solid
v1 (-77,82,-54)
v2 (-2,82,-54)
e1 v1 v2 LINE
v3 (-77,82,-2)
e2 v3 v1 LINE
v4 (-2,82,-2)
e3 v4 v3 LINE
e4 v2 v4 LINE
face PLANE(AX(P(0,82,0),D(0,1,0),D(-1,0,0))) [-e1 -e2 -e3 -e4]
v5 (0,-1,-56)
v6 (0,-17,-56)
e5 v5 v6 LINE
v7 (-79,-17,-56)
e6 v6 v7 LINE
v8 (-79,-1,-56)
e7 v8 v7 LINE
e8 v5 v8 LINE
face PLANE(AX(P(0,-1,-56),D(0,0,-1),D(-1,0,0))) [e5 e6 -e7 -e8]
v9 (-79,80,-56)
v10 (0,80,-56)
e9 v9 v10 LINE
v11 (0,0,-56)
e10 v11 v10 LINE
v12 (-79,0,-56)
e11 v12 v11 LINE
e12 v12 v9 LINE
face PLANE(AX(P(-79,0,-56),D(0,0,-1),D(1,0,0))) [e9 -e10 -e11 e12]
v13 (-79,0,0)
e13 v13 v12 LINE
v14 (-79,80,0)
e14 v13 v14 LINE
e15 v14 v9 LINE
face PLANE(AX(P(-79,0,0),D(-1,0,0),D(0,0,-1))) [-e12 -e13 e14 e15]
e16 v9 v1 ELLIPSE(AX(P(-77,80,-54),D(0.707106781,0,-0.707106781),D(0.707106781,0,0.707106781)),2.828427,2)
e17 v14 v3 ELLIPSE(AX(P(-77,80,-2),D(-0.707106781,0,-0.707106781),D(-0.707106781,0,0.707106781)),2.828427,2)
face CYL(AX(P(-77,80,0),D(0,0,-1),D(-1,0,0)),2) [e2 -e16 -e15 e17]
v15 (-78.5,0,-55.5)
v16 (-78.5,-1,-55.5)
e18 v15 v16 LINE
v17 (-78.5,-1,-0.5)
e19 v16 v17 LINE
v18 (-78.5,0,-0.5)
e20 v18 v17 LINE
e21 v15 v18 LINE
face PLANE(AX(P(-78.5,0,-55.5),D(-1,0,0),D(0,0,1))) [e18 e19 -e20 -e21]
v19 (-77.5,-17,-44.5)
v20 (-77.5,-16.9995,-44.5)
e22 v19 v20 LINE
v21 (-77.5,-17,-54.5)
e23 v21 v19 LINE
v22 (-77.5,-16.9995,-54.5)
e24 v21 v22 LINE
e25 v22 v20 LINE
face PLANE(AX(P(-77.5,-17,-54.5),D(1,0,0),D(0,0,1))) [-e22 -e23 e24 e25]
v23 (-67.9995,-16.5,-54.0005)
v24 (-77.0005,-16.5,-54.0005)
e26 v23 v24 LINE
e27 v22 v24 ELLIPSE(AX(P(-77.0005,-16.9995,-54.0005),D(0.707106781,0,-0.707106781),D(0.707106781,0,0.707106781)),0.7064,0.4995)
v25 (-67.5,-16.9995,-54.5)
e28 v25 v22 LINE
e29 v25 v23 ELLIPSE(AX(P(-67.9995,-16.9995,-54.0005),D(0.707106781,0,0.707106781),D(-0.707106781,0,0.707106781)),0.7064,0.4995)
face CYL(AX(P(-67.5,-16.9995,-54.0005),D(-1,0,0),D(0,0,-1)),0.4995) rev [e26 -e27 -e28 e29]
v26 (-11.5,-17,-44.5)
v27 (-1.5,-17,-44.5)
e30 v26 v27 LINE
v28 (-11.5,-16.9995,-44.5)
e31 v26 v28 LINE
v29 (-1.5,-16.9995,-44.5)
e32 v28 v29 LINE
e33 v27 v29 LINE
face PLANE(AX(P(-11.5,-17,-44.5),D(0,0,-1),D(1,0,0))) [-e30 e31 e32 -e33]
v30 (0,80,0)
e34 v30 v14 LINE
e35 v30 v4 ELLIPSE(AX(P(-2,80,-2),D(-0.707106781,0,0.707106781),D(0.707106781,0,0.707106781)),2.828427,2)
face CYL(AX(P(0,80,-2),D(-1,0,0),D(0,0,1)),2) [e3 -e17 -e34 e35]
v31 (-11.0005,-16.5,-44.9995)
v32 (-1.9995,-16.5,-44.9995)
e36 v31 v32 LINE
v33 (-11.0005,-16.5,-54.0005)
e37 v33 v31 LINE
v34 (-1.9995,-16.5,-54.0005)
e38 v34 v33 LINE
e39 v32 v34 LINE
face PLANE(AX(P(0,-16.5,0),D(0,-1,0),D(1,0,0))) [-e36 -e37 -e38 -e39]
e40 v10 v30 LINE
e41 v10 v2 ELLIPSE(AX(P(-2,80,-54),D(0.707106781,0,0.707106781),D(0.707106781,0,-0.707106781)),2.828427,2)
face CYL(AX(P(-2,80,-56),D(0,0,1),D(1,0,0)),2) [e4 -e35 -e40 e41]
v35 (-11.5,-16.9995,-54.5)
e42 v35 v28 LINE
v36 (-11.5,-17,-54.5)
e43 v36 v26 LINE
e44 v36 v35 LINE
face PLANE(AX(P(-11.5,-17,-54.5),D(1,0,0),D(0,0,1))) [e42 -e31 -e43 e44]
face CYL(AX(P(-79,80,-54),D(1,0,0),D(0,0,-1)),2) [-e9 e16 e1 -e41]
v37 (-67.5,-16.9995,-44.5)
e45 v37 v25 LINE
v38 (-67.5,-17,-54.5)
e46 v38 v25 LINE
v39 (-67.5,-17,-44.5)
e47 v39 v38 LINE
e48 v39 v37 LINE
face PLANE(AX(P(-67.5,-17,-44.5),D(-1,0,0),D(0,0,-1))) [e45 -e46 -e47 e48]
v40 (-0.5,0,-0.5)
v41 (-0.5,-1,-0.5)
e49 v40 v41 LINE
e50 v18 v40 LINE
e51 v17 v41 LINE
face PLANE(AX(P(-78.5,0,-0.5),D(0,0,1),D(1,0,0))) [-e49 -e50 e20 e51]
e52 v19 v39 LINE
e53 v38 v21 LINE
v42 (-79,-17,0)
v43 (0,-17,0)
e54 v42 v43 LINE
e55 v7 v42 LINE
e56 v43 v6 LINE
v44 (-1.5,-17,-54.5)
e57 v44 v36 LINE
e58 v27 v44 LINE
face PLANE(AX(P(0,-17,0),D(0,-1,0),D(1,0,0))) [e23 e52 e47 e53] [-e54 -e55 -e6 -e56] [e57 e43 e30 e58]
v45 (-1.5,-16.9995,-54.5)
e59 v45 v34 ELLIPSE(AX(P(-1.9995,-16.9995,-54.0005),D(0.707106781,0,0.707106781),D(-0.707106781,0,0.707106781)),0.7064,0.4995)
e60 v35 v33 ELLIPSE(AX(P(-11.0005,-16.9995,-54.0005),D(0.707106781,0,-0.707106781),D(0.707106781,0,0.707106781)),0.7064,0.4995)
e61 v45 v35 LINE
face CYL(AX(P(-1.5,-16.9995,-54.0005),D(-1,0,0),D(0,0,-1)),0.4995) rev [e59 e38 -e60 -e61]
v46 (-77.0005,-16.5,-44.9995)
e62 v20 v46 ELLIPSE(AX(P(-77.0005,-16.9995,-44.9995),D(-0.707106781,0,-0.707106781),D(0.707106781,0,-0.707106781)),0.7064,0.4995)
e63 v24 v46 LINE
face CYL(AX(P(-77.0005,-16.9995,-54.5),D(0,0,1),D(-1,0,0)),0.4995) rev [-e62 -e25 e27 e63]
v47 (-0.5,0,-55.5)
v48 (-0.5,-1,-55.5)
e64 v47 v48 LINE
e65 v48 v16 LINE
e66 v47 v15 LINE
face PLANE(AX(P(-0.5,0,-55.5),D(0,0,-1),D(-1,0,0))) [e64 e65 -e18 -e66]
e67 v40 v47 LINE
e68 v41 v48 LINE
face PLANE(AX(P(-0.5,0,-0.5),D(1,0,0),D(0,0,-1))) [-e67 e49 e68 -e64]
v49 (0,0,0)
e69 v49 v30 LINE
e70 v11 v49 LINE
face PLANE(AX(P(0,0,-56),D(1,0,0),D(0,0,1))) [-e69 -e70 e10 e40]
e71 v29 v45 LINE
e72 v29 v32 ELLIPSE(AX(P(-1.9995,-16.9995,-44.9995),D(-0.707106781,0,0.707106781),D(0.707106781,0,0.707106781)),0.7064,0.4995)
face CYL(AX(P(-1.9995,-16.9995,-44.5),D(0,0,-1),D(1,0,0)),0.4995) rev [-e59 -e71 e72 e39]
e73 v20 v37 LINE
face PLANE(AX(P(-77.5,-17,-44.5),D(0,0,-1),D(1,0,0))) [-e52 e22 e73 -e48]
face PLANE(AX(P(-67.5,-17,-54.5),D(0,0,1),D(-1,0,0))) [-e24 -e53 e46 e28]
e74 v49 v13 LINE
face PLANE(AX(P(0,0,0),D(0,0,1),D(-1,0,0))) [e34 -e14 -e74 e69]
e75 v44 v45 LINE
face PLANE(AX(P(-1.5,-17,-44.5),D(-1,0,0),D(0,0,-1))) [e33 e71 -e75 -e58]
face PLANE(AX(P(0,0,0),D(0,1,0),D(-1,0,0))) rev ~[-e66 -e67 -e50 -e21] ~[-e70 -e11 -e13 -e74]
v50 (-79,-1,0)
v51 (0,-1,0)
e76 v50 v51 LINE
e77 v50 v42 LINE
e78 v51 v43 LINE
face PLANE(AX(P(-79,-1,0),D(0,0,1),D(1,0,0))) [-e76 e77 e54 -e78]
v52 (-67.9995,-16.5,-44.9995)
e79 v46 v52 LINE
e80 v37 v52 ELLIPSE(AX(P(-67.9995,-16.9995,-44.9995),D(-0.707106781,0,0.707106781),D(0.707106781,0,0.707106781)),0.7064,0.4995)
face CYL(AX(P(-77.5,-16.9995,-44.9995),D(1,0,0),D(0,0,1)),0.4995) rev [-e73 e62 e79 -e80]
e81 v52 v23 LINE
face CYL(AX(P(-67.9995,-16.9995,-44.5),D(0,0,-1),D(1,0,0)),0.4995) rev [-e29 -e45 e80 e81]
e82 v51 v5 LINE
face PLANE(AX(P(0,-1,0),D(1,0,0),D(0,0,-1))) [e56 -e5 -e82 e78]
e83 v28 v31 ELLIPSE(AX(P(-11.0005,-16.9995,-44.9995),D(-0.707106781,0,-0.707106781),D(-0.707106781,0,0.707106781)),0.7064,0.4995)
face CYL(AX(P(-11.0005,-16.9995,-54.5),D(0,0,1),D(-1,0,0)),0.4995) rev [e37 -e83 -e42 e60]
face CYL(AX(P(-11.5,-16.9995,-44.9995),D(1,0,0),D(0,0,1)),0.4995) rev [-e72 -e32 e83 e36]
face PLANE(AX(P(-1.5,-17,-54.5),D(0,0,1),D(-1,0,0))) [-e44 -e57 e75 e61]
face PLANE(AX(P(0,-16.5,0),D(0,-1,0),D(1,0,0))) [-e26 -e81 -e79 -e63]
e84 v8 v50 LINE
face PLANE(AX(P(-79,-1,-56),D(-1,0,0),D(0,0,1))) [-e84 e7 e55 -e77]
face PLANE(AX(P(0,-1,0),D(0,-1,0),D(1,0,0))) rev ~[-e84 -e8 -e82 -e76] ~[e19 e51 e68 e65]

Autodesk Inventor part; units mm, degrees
ref_plane "YZ Plane" through (0, 0, 0) normal (1, 0, 0) x (0, 1, 0)
ref_plane "XZ Plane" through (0, 0, 0) normal (0, 1, 0) x (-1, 0, 0)
ref_plane "XY Plane" through (0, 0, 0) normal (0, 0, 1) x (1, 0, 0)
sketch "Sketch1" plane through (0, 0, 0) normal (0, 1, 0) x (-1, 0, 0)
  line L0 (0, 0) -> (79, 0)
  line L1 (79, 0) -> (79, -56)
  line L2 (79, -56) -> (0, -56)
  line L3 (0, -56) -> (0, 0)
  dimension "d0" = 56
  dimension "d1" = 79
extrude "Extrusion1" add sketch "Sketch1" along normal blind 82
sketch "Sketch4" plane through (0, 0, 0) normal (0, -1, 0) x (1, 0, 0)
  line L0 (-78.5, -0.5) -> (-0.5, -0.5)
  line L1 (-0.5, -0.5) -> (-0.5, -55.5)
  line L2 (-0.5, -55.5) -> (-78.5, -55.5)
  line L3 (-78.5, -55.5) -> (-78.5, -0.5)
  line L4 (-78.5, -0.5) -> (-0.5, -55.5) construction
  line L5 (-0.5, -0.5) -> (-78.5, -55.5) construction
  line L6 (0, 0) -> (-79, 0) projected
  line L7 (-79, 0) -> (-79, -56) projected
  line L8 (-79, -56) -> (0, -56) projected
  line L9 (0, -56) -> (0, 0) projected
  point P0 (-39.5, -28)
  dimension "d4" = 0.5
  dimension "d5" = 0.5
  dimension "d7" = 0.5
  dimension "d8" = 0.5
extrude "Extrusion2" add sketch "Sketch4" along normal blind 1 contours L0 L1 L2 L3
sketch "Sketch5" plane through (0, -1, 0) normal (0, -1, 0) x (1, 0, 0)
  line L0 (-79, 0) -> (0, 0)
  line L1 (0, 0) -> (0, -56)
  line L2 (0, -56) -> (-79, -56)
  line L3 (-79, -56) -> (-79, 0)
  line L4 (-79, 0) -> (0, -56) construction
  line L5 (0, 0) -> (-79, -56) construction
  line L6 (0, -56) -> (0, 0) projected
  line L7 (-79, -56) -> (0, -56) projected
  line L8 (0, 0) -> (-79, 0) projected
  line L9 (-79, 0) -> (-79, -56) projected
  point P0 (-39.5, -28)
extrude "Extrusion3" add sketch "Sketch5" along normal blind 16
fillet "Fillet1" radius 2 4 edges at (-39.5, 82, -56) (0, 82, -28) (-39.5, 82, 0) (-79, 82, -28)
sketch "Sketch6" plane through (0, -17, 0) normal (0, -1, 0) x (1, 0, 0)
  line L0 (-11.5, -44.5) -> (-1.5, -44.5)
  line L1 (-1.5, -44.5) -> (-1.5, -54.5)
  line L2 (-1.5, -54.5) -> (-11.5, -54.5)
  line L3 (-11.5, -54.5) -> (-11.5, -44.5)
  line L4 (-11.5, -44.5) -> (-1.5, -54.5) construction
  line L5 (-1.5, -44.5) -> (-11.5, -54.5) construction
  line L6 (0, -56) -> (0, 0) projected
  line L7 (-79, -56) -> (0, -56) projected
  line L8 (-79, 0) -> (-79, -56) projected
  line L9 (-77.5, -44.5) -> (-67.5, -44.5)
  line L10 (-67.5, -44.5) -> (-67.5, -54.5)
  line L11 (-67.5, -54.5) -> (-77.5, -54.5)
  line L12 (-77.5, -54.5) -> (-77.5, -44.5)
  line L13 (-77.5, -44.5) -> (-67.5, -54.5) construction
  line L14 (-67.5, -44.5) -> (-77.5, -54.5) construction
  point P0 (-6.5, -49.5)
  point P1 (-72.5, -49.5)
  dimension "d14" = 10
  dimension "d15" = 10
  dimension "d16" = 1.5
  dimension "d17" = 1.5
  dimension "d18" = 10
  dimension "d19" = 10
  dimension "d20" = 1.5
  dimension "d21" = 1.5
extrude "Extrusion4" cut sketch "Sketch6" against normal blind 0.5
fillet "Fillet2" radius 0.5 4 edges at (-72.5, -16.5, -44.5) (-77.5, -16.5, -49.5) (-72.5, -16.5, -54.5) (-67.5, -16.5, -49.5)
fillet "Fillet3" radius 0.5 4 edges at (-11.5, -16.5, -49.5) (-6.5, -16.5, -44.5) (-6.5, -16.5, -54.5) (-1.5, -16.5, -49.5)
properties part number "battery" material "ABS Plastic"
